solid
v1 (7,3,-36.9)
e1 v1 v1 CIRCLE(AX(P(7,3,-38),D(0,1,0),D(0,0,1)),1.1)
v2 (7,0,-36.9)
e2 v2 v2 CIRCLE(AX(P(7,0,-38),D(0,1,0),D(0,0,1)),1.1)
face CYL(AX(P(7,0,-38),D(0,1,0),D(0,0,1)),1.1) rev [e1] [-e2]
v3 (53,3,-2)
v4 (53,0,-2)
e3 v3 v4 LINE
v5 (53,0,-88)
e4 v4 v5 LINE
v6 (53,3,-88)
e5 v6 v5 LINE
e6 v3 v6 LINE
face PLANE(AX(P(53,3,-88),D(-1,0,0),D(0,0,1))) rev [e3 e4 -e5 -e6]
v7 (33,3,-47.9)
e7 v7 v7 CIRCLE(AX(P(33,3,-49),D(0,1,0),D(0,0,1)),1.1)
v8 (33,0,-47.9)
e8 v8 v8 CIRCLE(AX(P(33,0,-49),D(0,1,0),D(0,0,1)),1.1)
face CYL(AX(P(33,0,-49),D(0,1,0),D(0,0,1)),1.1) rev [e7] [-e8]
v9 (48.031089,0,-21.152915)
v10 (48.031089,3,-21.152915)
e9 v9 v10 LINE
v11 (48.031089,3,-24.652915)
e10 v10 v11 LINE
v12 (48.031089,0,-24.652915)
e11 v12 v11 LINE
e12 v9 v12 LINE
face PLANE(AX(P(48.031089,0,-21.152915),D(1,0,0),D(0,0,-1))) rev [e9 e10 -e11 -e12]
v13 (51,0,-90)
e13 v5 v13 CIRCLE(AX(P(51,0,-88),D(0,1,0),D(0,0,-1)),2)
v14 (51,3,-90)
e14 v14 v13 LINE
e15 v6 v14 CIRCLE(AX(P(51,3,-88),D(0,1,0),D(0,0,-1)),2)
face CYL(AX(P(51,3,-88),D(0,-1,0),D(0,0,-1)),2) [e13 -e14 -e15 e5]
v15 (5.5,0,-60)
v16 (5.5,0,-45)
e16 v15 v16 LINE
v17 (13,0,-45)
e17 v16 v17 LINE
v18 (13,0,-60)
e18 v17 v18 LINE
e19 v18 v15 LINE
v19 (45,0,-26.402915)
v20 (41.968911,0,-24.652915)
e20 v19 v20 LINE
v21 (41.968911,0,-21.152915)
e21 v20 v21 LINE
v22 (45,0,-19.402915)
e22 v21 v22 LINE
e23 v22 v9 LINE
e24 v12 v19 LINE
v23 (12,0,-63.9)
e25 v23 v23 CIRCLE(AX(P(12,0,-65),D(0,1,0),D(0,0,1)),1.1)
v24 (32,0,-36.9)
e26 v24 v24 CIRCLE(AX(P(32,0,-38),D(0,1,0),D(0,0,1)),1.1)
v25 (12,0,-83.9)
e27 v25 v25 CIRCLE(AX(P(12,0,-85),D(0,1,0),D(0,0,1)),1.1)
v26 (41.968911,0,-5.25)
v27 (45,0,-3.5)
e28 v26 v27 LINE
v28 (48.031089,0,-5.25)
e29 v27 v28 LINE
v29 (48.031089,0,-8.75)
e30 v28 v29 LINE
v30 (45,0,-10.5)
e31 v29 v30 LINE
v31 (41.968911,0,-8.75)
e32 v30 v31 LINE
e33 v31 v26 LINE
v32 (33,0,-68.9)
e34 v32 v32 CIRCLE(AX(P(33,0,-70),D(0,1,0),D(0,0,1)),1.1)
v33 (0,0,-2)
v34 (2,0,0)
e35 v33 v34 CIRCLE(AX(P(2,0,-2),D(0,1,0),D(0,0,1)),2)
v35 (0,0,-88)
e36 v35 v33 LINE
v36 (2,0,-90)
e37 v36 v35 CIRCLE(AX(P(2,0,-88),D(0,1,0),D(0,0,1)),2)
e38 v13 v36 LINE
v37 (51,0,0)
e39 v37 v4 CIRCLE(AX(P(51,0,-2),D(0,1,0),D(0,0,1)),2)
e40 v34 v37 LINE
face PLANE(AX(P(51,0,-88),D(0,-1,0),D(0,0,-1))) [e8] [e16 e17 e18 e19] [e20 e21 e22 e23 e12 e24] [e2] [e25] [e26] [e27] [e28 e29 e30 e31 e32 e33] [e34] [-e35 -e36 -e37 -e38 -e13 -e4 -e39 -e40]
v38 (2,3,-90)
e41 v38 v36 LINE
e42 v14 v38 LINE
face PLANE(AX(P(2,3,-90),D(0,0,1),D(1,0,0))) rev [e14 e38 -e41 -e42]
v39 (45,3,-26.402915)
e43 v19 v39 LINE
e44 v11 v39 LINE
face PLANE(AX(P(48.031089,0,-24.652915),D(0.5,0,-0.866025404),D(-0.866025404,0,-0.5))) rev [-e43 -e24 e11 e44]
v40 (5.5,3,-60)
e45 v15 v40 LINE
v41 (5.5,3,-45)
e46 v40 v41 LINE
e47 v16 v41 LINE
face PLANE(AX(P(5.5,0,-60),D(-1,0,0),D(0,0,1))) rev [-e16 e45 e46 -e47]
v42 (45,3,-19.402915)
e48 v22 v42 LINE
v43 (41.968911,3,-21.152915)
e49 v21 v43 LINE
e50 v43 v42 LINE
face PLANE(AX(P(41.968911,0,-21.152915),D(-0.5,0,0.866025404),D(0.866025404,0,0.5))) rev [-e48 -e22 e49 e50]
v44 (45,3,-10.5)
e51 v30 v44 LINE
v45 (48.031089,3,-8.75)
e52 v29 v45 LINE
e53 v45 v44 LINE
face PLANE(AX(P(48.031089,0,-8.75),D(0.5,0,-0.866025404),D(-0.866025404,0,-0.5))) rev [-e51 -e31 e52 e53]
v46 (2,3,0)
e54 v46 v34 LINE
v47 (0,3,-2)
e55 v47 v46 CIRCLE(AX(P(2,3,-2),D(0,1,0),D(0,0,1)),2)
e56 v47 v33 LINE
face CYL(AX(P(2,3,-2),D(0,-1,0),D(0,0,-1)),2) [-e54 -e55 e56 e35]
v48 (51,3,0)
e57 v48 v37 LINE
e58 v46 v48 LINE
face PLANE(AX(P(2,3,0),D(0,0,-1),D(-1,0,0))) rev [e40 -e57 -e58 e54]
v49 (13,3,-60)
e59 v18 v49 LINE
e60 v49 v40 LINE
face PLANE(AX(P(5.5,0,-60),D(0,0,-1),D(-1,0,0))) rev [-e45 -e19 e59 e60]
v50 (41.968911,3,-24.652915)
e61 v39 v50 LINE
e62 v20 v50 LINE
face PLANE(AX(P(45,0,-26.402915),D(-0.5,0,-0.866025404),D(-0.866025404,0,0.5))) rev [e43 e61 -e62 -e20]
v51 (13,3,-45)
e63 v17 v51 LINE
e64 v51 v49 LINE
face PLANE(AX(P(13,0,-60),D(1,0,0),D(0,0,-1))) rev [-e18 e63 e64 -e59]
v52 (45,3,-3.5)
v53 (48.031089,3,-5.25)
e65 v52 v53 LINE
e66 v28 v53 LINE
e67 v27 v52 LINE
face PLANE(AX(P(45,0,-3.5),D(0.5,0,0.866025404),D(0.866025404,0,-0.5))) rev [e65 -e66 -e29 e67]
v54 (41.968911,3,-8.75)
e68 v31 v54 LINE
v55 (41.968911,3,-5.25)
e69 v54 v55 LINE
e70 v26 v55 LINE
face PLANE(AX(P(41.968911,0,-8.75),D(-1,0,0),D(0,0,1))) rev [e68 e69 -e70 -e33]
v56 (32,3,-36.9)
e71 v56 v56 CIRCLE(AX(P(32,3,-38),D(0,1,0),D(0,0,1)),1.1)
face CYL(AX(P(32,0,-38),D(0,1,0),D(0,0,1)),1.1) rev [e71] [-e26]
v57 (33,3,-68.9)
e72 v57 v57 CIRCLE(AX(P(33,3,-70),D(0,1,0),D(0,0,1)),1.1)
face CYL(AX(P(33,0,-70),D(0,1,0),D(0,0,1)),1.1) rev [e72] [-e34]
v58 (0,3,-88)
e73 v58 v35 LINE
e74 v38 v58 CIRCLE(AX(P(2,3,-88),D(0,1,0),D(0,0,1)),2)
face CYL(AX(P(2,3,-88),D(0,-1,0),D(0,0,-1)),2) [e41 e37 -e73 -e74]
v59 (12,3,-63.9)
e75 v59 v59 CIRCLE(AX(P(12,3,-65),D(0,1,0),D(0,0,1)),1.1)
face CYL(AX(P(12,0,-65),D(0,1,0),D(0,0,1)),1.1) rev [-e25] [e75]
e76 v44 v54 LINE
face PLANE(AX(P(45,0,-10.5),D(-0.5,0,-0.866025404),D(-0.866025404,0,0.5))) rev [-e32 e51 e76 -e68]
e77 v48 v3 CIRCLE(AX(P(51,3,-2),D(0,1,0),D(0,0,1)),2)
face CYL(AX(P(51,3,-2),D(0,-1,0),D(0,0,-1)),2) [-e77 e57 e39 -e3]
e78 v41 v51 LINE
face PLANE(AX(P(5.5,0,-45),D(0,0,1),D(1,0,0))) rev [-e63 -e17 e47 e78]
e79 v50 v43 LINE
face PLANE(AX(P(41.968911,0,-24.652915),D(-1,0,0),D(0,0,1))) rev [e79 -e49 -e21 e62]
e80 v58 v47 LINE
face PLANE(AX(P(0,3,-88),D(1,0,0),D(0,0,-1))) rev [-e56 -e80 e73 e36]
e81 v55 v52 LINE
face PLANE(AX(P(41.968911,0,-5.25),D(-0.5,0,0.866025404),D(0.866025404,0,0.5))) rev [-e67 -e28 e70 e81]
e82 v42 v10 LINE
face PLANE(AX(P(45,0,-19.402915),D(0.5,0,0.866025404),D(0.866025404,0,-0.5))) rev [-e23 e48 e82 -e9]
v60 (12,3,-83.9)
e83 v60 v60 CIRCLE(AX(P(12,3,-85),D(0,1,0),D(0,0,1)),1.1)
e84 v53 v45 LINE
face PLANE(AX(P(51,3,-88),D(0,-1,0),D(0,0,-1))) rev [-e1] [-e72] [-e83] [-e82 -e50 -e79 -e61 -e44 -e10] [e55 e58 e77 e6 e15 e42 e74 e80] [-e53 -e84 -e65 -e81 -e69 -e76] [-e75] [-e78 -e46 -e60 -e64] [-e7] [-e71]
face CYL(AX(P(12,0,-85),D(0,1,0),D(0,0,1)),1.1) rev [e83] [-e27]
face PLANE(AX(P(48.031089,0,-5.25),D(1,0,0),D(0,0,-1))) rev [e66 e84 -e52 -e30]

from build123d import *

# Parameters (mm, degrees)
EXTRUSION1_DEPTH        = 3
ESQUISSE4_R             = 1.1
ESQUISSE4_W             = 7.5
ESQUISSE4_H             = 15
ENL_V_MAT_EXTRU_2_DEPTH = 4
ESQUISSE2_R             = 1.1
ENL_V_MAT_EXTRU_1_DEPTH = 4
ESQUISSE6_R             = 1.1
ENL_V_MAT_EXTRU_3_DEPTH = 4
ESQUISSE7_R             = 1.1
ENL_V_MAT_EXTRU_4_DEPTH = 4


with BuildPart() as part:
    # Esquisse1 → Extrusion1 (new body)
    with BuildSketch(Plane(origin=(0, 0, 0), x_dir=(1, 0, 0), z_dir=(0, 1, 0))):
        with BuildLine():
            Line((0, 88), (0, 2))
            ThreePointArc((0, 2), (0.585786438, 0.585786438), (2, 0))
            Line((2, 0), (51, 0))
            ThreePointArc((51, 0), (52.414213562, 0.585786438), (53, 2))
            Line((53, 2), (53, 88))
            ThreePointArc((53, 88), (52.414213562, 89.414213562), (51, 90))
            Line((51, 90), (2, 90))
            ThreePointArc((2, 90), (0.585786438, 89.414213562), (0, 88))
        make_face()
    extrude(amount=EXTRUSION1_DEPTH)

    # Esquisse4 → Enlèv. mat.-Extru.2 (cut, through all)
    with BuildSketch(Plane(origin=(0, 3, 0), x_dir=(1, 0, 0), z_dir=(0, 1, 0))):
        with Locations(Location((12, 85, 0), (0, 0, 270))):  # turned: the seam where the file's is
            Circle(ESQUISSE4_R)
        with Locations(Location((12, 65, 0), (0, 0, 270))):  # turned: the seam where the file's is
            Circle(ESQUISSE4_R)
        with Locations((9.25, 52.5)):
            Rectangle(ESQUISSE4_W, ESQUISSE4_H)
    extrude(amount=-ENL_V_MAT_EXTRU_2_DEPTH, mode=Mode.SUBTRACT)

    # Esquisse2 → Enlèv. mat.-Extru.1 (cut, through all)
    with BuildSketch(Plane.XZ):
        with Locations(Location((45, -22.902914576, 0), (0, 0, 270))):  # turned: the seam where the file's is
            Circle(ESQUISSE2_R)
        with Locations(Location((45, -7, 0), (0, 0, 270))):  # turned: the seam where the file's is
            Circle(ESQUISSE2_R)
    extrude(amount=-ENL_V_MAT_EXTRU_1_DEPTH, mode=Mode.SUBTRACT)

    # Esquisse6 → Enlèv. mat.-Extru.3 (cut, through all)
    with BuildSketch(Plane(origin=(0, 3, 0), x_dir=(1, 0, 0), z_dir=(0, 1, 0))):
        with Locations(Location((33, 70, 0), (0, 0, 270))):  # turned: the seam where the file's is
            Circle(ESQUISSE6_R)
        with Locations(Location((33, 49, 0), (0, 0, 270))):  # turned: the seam where the file's is
            Circle(ESQUISSE6_R)
        Polygon((41.968911087, 8.75), (41.968911087, 5.25), (45, 3.5), (48.031088913, 5.25), (48.031088913, 8.75), (45, 10.5), align=None)
        Polygon((41.968911087, 24.652914576), (41.968911087, 21.152914576), (45, 19.402914576), (48.031088913, 21.152914576), (48.031088913, 24.652914576), (45, 26.402914576), align=None)
    extrude(amount=-ENL_V_MAT_EXTRU_3_DEPTH, mode=Mode.SUBTRACT)

    # Esquisse7 → Enlèv. mat.-Extru.4 (cut, through all)
    with BuildSketch(Plane(origin=(0, 3, 0), x_dir=(1, 0, 0), z_dir=(0, 1, 0))):
        with Locations(Location((7, 38, 0), (0, 0, 270))):  # turned: the seam where the file's is
            Circle(ESQUISSE7_R)
        with Locations(Location((32, 38, 0), (0, 0, 270))):  # turned: the seam where the file's is
            Circle(ESQUISSE7_R)
    extrude(amount=-ENL_V_MAT_EXTRU_4_DEPTH, mode=Mode.SUBTRACT)


solid = part.part
